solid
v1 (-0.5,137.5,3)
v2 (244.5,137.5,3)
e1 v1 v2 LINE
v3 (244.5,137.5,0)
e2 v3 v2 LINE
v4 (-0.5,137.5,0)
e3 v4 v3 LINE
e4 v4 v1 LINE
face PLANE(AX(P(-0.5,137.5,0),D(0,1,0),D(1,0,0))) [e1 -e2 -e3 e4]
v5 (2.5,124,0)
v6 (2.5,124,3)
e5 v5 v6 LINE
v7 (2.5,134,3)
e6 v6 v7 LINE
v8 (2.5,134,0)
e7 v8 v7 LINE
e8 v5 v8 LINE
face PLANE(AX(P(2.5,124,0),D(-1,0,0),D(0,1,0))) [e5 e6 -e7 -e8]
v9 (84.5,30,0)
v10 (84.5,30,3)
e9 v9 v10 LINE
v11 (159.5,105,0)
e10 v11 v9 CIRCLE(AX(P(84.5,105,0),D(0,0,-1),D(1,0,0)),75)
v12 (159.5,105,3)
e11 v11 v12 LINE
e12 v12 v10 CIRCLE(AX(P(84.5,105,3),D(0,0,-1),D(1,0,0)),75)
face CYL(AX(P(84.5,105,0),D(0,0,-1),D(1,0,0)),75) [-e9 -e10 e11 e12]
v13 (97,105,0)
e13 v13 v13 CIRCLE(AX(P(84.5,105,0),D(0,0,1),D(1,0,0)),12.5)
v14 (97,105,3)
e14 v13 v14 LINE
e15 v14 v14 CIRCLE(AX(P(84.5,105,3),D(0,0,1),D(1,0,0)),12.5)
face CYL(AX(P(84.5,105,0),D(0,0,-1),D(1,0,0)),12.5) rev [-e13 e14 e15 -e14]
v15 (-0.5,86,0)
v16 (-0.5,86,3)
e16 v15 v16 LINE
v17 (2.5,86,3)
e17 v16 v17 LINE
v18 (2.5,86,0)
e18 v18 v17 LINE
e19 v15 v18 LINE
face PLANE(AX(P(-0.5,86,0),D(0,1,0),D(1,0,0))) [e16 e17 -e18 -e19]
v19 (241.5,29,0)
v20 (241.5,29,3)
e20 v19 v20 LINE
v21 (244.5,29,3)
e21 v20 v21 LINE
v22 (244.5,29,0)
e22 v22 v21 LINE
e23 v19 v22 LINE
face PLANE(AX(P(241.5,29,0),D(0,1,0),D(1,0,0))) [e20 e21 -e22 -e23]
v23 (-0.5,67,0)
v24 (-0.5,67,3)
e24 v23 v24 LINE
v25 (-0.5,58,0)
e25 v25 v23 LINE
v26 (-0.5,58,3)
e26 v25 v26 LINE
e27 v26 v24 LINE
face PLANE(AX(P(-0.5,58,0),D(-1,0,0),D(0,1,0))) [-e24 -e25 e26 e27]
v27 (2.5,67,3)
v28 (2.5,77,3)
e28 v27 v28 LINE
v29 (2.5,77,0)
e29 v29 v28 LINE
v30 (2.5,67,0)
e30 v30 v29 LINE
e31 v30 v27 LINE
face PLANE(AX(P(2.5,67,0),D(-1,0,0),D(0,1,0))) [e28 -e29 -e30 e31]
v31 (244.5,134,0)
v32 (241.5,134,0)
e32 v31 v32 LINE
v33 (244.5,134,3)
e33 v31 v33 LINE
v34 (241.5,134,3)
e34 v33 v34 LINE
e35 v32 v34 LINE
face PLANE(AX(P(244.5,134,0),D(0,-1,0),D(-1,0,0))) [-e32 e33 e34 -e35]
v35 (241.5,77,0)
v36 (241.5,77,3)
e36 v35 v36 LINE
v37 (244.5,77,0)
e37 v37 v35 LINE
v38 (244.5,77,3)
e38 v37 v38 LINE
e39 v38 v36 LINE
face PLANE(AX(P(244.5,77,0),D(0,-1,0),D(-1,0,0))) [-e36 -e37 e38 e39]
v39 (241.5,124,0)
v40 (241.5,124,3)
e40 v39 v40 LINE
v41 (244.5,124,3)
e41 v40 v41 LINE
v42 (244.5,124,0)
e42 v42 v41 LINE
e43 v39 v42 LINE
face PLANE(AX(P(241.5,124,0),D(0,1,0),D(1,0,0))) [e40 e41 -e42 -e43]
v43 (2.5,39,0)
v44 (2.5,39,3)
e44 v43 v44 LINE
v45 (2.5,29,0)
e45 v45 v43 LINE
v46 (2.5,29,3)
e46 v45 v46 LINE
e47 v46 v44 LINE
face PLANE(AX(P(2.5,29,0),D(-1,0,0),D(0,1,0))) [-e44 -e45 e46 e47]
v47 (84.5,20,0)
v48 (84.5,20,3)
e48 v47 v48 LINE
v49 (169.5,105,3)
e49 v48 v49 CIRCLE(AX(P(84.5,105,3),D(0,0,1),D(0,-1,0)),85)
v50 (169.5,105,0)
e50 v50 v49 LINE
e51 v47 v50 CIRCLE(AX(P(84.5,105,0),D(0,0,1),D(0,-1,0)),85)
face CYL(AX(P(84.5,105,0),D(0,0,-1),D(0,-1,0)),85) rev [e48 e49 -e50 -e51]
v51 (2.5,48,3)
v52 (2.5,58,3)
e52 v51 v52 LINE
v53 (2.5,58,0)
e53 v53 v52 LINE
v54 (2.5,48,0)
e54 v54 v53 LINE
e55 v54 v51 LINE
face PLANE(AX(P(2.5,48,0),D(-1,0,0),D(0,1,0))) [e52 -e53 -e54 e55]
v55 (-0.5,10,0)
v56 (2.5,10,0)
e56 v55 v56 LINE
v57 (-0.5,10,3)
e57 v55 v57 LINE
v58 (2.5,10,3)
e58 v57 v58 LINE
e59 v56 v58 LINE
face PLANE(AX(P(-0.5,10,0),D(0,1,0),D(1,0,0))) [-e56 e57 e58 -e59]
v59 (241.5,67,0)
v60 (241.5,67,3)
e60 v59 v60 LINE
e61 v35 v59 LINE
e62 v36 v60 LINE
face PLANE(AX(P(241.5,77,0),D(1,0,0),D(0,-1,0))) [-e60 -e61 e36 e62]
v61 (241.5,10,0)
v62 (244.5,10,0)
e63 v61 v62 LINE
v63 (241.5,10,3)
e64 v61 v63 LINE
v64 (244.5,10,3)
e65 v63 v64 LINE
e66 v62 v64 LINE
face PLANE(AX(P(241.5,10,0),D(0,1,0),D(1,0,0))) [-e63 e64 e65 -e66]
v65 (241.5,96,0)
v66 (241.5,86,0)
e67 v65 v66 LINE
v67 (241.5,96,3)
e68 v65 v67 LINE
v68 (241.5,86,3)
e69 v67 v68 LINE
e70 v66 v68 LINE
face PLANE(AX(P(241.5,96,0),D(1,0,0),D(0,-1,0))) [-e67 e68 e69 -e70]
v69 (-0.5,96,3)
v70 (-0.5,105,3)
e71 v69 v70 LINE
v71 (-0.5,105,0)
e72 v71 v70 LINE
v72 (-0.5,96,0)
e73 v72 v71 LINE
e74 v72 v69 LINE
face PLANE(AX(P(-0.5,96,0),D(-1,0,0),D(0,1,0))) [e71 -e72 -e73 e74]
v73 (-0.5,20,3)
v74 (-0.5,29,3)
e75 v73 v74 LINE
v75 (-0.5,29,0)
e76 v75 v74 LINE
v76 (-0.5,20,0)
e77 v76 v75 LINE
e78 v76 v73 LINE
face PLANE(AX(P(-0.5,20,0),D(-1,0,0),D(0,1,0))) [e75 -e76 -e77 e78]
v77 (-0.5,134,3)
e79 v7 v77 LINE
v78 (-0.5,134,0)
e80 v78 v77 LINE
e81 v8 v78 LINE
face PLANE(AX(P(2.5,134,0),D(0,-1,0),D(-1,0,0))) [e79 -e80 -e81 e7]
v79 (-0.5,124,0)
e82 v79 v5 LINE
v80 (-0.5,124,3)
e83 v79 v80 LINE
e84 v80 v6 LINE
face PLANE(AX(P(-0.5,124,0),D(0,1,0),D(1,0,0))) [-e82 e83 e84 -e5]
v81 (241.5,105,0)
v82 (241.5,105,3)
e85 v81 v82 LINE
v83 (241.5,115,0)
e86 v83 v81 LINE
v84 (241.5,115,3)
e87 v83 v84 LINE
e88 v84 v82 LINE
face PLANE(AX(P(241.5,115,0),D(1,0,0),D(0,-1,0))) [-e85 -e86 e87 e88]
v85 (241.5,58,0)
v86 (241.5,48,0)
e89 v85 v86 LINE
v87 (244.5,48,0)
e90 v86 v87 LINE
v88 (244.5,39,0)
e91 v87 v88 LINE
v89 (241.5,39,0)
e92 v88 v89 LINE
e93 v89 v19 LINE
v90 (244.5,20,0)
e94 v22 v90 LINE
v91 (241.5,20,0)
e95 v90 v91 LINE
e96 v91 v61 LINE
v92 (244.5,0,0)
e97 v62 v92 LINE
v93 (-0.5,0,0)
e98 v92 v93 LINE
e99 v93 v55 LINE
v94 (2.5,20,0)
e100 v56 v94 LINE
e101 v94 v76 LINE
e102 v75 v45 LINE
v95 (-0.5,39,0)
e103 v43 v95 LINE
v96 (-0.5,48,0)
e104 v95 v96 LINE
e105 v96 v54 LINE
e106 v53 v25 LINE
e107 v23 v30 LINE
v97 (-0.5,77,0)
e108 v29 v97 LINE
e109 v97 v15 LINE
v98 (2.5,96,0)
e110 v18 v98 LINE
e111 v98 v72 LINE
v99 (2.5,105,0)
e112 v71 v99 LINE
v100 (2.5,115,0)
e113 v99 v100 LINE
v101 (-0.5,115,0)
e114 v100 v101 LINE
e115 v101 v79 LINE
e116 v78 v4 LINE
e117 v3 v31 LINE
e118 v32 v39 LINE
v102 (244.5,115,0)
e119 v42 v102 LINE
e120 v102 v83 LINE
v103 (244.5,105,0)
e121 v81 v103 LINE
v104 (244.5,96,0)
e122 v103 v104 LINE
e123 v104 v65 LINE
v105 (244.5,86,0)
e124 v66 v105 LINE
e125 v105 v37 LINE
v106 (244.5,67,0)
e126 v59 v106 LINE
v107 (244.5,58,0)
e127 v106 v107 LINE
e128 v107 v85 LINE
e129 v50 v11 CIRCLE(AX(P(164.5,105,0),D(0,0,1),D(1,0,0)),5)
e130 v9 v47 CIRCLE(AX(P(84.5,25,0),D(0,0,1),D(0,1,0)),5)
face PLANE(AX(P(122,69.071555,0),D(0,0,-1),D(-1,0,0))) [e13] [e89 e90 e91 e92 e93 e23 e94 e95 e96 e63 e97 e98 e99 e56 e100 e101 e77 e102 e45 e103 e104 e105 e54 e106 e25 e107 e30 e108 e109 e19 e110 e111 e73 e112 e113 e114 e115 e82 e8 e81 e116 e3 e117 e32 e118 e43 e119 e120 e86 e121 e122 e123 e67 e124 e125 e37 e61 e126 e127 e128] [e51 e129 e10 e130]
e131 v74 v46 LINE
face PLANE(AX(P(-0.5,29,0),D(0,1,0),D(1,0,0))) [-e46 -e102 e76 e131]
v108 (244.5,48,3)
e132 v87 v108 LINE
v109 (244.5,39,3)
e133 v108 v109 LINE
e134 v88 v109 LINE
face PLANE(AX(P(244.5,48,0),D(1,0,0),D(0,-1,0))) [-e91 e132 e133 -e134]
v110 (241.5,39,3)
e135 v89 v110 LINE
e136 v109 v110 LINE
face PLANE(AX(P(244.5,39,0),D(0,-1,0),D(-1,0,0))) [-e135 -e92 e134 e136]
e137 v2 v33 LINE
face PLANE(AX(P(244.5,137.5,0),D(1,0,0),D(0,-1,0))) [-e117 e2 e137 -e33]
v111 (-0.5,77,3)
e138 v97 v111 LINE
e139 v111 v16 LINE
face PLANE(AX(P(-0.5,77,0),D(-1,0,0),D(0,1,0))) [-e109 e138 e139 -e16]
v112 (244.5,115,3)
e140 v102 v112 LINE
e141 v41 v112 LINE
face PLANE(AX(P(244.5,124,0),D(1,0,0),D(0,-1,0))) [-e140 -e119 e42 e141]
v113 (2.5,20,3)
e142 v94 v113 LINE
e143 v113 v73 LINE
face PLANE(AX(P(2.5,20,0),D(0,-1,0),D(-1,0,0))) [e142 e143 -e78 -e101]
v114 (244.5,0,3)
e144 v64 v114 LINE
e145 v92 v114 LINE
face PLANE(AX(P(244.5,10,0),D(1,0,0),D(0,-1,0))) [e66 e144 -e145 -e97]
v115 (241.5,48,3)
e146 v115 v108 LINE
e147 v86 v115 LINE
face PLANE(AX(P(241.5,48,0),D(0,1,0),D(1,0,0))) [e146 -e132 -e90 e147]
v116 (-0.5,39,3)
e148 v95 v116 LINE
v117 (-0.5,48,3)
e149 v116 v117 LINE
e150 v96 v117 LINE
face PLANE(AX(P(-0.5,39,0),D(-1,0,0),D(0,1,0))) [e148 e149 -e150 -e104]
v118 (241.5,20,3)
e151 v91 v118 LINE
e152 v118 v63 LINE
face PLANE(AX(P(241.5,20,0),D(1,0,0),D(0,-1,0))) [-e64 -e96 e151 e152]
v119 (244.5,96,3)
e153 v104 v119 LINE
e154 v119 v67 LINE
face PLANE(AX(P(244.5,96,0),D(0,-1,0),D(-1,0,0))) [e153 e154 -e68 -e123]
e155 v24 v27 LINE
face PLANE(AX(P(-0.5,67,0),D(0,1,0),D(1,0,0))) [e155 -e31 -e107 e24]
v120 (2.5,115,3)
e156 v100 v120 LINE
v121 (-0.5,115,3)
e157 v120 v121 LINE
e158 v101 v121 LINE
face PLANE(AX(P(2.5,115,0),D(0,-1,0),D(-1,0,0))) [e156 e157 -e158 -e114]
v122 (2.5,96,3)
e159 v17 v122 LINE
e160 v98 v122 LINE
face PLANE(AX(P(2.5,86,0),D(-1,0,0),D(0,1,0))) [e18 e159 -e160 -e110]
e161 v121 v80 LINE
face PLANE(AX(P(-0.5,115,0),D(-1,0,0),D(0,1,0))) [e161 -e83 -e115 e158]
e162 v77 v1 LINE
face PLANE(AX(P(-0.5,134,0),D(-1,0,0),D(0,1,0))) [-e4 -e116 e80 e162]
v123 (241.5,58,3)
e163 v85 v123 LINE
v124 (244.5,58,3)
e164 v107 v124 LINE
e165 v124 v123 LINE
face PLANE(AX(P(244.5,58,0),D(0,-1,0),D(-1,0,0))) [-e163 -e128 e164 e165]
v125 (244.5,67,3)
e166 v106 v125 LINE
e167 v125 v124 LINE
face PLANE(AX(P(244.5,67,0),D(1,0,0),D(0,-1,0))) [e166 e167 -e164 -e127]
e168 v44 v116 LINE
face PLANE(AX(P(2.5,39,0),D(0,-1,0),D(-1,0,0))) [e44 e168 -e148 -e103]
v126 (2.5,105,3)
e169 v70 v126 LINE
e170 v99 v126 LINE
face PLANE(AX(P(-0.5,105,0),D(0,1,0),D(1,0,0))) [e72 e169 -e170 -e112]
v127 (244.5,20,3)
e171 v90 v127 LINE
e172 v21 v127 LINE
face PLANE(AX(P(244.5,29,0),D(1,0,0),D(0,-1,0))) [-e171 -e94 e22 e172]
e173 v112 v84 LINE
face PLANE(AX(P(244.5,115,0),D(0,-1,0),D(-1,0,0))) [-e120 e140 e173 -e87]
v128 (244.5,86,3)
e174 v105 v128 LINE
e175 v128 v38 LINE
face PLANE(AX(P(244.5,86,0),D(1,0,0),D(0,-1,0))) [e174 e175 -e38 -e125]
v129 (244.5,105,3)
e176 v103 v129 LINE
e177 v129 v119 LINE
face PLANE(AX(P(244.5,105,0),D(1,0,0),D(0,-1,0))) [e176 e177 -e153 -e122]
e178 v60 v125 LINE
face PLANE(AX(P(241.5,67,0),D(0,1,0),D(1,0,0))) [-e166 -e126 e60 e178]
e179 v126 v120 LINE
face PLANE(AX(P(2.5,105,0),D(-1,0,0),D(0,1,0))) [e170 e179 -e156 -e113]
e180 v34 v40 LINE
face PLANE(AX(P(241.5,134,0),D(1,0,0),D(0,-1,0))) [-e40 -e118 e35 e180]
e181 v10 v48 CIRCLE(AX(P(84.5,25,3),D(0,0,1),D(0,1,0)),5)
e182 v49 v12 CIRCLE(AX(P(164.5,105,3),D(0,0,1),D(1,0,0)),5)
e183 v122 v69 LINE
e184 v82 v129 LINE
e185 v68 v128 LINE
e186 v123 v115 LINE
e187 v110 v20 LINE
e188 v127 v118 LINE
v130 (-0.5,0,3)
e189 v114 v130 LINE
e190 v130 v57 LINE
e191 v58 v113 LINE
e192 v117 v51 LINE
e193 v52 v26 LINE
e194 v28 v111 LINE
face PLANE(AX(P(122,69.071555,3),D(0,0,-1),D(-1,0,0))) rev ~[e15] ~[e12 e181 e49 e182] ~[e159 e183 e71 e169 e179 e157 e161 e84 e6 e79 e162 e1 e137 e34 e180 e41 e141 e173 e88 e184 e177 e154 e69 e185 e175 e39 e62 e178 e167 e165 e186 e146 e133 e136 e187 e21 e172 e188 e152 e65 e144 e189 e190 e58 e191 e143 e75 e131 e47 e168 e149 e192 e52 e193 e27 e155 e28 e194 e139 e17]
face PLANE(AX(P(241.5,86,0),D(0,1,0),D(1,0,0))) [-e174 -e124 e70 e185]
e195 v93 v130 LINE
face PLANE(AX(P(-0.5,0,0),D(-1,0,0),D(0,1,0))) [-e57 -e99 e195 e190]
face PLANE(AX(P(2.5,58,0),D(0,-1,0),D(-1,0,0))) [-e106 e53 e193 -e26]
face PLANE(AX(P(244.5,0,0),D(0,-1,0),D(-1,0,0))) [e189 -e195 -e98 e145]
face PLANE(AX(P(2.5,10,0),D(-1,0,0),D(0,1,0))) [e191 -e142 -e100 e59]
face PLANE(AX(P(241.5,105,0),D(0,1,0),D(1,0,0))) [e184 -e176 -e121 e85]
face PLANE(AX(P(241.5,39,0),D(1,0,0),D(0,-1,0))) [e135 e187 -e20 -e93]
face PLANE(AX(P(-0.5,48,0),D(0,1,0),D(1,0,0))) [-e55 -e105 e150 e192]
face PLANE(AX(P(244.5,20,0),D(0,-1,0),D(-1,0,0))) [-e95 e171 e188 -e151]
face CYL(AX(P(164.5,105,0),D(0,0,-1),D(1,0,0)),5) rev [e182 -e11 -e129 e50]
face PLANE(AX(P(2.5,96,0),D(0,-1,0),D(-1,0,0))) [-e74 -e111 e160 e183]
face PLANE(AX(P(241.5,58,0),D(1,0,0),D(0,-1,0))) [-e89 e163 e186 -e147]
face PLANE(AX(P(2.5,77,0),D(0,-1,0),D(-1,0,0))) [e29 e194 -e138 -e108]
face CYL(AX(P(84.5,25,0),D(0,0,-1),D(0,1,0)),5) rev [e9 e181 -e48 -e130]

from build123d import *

# Parameters (mm, degrees)
SKETCH1_R           = 12.5
BOSS_EXTRUDE1_DEPTH = 3


with BuildPart() as part:
    # Sketch1 → Boss-Extrude1 (new body)
    with BuildSketch(Plane.XY):
        Polygon((244.5, 137.5), (244.5, 134), (241.5, 134), (241.5, 124), (244.5, 124), (244.5, 115), (241.5, 115), (241.5, 105), (244.5, 105), (244.5, 96), (241.5, 96), (241.5, 86), (244.5, 86), (244.5, 77), (241.5, 77), (241.5, 67), (244.5, 67), (244.5, 58), (241.5, 58), (241.5, 48), (244.5, 48), (244.5, 39), (241.5, 39), (241.5, 29), (244.5, 29), (244.5, 20), (241.5, 20), (241.5, 10), (244.5, 10), (244.5, 0), (-0.5, 0), (-0.5, 10), (2.5, 10), (2.5, 20), (-0.5, 20), (-0.5, 29), (2.5, 29), (2.5, 39), (-0.5, 39), (-0.5, 48), (2.5, 48), (2.5, 58), (-0.5, 58), (-0.5, 67), (2.5, 67), (2.5, 77), (-0.5, 77), (-0.5, 86), (2.5, 86), (2.5, 96), (-0.5, 96), (-0.5, 105), (2.5, 105), (2.5, 115), (-0.5, 115), (-0.5, 124), (2.5, 124), (2.5, 134), (-0.5, 134), (-0.5, 137.5), align=None)
        with Locations((84.5, 105)):
            Circle(SKETCH1_R, mode=Mode.SUBTRACT)
        with BuildLine():
            ThreePointArc((169.5, 105), (164.5, 110), (159.5, 105))
            ThreePointArc((159.5, 105), (137.533008589, 51.966991411), (84.5, 30))
            ThreePointArc((84.5, 30), (79.5, 25), (84.5, 20))
            ThreePointArc((84.5, 20), (144.604076401, 44.895923599), (169.5, 105))
        make_face(mode=Mode.SUBTRACT)
    extrude(amount=BOSS_EXTRUDE1_DEPTH)


solid = part.part
